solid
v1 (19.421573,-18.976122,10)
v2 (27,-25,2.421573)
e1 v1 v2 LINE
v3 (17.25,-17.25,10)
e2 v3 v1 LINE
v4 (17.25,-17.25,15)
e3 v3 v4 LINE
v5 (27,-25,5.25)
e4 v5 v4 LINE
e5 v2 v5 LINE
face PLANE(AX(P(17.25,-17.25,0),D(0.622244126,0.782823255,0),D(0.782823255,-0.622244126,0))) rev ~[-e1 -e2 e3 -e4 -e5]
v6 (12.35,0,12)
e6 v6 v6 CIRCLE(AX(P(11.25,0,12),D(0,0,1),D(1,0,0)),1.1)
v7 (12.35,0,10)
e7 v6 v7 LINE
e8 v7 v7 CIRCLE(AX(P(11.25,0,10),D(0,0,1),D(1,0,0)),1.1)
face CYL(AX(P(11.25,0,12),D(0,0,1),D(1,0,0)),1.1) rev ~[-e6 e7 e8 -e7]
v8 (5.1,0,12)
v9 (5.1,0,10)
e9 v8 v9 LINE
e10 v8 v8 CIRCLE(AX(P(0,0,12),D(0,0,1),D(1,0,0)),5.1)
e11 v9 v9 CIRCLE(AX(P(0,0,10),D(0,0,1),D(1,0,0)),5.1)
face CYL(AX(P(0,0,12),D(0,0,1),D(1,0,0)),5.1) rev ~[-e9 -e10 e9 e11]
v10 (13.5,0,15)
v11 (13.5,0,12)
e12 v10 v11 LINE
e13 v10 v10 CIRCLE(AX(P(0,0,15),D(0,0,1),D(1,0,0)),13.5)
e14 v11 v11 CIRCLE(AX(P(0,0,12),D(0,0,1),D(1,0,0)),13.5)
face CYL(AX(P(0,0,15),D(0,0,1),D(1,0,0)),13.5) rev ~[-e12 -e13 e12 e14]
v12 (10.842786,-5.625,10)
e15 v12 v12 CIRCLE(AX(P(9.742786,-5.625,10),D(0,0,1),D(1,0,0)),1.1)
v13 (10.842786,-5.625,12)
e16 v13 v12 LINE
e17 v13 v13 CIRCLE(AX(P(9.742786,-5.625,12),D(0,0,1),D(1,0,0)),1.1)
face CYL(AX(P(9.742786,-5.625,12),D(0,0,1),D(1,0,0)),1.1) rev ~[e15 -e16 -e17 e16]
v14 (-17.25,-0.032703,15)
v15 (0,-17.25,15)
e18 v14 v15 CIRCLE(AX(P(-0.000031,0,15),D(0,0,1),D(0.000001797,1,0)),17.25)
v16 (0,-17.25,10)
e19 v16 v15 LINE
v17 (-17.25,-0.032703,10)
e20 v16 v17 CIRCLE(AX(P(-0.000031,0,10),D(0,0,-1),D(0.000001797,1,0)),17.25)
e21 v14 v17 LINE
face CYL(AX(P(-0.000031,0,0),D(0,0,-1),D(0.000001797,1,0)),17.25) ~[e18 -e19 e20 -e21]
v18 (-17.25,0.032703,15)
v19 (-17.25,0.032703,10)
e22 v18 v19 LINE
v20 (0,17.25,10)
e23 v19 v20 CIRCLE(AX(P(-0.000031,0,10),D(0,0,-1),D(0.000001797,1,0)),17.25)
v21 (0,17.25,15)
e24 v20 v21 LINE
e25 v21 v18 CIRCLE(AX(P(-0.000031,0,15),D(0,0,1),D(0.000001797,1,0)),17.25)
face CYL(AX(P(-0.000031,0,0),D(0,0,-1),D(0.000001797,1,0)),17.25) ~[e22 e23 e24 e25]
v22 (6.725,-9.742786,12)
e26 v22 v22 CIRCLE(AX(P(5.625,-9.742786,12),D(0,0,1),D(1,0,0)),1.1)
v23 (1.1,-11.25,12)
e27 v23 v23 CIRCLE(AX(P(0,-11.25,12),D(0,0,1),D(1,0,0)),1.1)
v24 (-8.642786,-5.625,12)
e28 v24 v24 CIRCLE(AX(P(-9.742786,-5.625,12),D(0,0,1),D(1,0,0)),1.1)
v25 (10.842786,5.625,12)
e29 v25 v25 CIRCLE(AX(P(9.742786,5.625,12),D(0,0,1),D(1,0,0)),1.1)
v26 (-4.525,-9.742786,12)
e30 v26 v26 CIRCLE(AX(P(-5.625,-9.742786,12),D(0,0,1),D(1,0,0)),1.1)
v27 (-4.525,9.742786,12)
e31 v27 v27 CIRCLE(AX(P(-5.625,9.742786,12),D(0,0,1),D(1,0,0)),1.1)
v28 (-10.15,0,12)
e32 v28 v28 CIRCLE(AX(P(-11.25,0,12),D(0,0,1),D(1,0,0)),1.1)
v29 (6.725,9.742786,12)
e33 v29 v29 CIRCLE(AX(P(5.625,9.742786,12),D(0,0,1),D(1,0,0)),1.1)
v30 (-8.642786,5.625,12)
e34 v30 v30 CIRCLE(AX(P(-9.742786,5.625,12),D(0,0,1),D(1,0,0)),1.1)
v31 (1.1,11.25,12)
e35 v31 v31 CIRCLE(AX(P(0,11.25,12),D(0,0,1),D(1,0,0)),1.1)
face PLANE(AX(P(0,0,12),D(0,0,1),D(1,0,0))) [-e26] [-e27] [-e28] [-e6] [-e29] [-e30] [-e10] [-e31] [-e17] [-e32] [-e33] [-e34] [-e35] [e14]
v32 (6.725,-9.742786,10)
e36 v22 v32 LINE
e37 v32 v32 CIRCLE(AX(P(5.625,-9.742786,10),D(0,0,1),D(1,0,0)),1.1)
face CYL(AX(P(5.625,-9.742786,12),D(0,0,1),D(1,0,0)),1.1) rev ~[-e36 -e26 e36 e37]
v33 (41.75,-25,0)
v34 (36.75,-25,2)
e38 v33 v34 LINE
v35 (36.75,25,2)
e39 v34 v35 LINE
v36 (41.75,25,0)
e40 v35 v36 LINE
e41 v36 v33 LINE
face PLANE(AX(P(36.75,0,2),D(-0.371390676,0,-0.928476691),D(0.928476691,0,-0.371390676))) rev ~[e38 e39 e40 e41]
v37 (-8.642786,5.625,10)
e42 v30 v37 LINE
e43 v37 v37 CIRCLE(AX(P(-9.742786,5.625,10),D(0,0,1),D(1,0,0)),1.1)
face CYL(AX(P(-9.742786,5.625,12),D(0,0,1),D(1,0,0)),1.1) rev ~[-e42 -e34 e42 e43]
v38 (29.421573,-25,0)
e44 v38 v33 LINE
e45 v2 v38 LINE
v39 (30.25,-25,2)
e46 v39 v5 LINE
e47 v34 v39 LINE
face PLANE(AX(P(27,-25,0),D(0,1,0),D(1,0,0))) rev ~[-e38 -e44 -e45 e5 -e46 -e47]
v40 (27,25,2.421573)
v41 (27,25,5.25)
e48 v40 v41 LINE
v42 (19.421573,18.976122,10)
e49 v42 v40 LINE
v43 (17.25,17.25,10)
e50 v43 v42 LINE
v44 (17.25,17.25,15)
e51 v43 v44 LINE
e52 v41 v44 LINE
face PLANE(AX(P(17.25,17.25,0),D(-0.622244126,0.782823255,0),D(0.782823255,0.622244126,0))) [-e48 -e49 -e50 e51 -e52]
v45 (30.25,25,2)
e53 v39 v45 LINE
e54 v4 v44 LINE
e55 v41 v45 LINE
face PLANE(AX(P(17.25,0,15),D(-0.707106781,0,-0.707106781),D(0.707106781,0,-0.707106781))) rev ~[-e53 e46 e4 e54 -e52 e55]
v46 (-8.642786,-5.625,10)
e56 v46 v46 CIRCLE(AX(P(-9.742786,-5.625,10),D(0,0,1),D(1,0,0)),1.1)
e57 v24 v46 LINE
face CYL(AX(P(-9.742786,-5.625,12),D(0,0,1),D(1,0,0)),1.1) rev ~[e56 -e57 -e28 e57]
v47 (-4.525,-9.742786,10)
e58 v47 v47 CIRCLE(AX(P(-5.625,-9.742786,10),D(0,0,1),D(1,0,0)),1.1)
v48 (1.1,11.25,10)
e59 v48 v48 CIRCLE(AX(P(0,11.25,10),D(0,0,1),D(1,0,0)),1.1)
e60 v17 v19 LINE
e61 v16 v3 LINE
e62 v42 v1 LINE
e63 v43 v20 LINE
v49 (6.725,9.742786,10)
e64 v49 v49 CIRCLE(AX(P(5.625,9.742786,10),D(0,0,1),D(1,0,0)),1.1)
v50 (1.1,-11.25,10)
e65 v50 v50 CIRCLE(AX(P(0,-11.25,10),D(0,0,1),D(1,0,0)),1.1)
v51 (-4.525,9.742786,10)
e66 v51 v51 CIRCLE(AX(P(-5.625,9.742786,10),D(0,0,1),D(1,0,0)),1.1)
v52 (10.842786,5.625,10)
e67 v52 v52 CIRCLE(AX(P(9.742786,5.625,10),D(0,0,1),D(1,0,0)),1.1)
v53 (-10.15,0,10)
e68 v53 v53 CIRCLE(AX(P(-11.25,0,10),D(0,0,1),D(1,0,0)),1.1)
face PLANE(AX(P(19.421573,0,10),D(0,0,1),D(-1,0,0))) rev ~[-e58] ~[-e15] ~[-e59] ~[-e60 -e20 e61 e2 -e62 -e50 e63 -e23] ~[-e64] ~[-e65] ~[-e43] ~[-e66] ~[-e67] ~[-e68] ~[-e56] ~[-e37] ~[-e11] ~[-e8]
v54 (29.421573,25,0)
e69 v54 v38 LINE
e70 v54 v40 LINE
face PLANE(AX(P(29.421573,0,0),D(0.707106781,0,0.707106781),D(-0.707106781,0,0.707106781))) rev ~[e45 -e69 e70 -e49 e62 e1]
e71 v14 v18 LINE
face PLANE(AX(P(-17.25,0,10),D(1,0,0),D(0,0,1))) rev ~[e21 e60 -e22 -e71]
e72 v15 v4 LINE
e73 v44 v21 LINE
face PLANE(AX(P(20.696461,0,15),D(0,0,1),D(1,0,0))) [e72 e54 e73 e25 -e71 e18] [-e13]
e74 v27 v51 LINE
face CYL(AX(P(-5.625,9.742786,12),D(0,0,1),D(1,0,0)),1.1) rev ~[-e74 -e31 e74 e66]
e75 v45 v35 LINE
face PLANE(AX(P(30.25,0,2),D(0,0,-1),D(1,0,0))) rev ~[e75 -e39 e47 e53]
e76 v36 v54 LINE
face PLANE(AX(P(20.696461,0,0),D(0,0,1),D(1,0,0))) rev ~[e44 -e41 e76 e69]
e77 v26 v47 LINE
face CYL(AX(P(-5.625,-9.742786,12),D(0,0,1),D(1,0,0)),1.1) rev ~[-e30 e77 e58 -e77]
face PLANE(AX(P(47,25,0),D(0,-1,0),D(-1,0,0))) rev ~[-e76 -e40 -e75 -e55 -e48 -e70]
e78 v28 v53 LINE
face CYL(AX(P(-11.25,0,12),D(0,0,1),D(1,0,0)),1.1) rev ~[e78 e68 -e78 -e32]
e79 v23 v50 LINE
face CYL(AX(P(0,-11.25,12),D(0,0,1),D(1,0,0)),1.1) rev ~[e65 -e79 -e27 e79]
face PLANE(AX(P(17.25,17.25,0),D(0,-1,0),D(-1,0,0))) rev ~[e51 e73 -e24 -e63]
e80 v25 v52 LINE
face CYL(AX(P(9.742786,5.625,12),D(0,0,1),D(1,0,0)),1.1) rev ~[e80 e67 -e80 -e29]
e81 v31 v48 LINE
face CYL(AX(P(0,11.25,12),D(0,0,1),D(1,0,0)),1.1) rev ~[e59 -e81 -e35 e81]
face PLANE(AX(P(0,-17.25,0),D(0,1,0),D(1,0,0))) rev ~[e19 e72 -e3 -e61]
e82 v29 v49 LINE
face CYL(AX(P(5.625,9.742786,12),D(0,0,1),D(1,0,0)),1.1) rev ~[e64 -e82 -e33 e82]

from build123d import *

# Parameters (mm, degrees)
PAD001_DEPTH    = 30
PAD_DEPTH       = 15
SKETCH001_R     = 13.5
POCKET_DEPTH    = 3
SKETCH003_R     = 5.1
SKETCH003_R_2   = 1.1
POCKET001_DEPTH = 5


with BuildPart() as profile_pad:
    # Sketch002 → Pad001 (new body, symmetric)
    with BuildSketch(Plane.XZ):
        Polygon((19.421573, 10), (-17.25, 10), (-17.25, 15), (17.25, 15), (30.25, 2), (36.75, 2), (41.75, 0), (29.421573, 0), align=None)
    extrude(amount=PAD001_DEPTH, both=True)


with BuildPart() as holes:
    # Sketch → Pad (new body)
    with BuildSketch(Plane.XY):
        with BuildLine():
            ThreePointArc((0, 17.25), (-17.250031, 0), (0, -17.25))
            Line((0, -17.25), (17.25, -17.25))
            Line((17.25, -17.25), (27, -25))
            Line((27, -25), (47, -25))
            Line((47, -25), (47, 25))
            Line((47, 25), (27, 25))
            Line((17.25, 17.25), (27, 25))
            Line((17.25, 17.25), (0, 17.25))
        make_face()
    extrude(amount=PAD_DEPTH)

    # Common: intersect Profile Pad
    add(profile_pad.part, mode=Mode.INTERSECT)

    # Sketch001 → Pocket (cut)
    with BuildSketch(Plane.XY.offset(15)):
        Circle(SKETCH001_R)
    extrude(amount=-POCKET_DEPTH, mode=Mode.SUBTRACT)

    # Sketch003 → Pocket001 (cut)
    with BuildSketch(Plane.XY.offset(12)):
        Circle(SKETCH003_R)
        with Locations((-11.25, 0)):
            Circle(SKETCH003_R_2)
        with Locations((0, 11.25)):
            Circle(SKETCH003_R_2)
        with Locations((11.25, 0)):
            Circle(SKETCH003_R_2)
        with Locations((0, -11.25)):
            Circle(SKETCH003_R_2)
        with Locations((-5.625, 9.742786)):
            Circle(SKETCH003_R_2)
        with Locations((-9.742786, 5.625)):
            Circle(SKETCH003_R_2)
        with Locations((-9.742786, -5.625)):
            Circle(SKETCH003_R_2)
        with Locations((-5.625, -9.742786)):
            Circle(SKETCH003_R_2)
        with Locations((5.625, -9.742786)):
            Circle(SKETCH003_R_2)
        with Locations((9.742786, -5.625)):
            Circle(SKETCH003_R_2)
        with Locations((5.625, 9.742786)):
            Circle(SKETCH003_R_2)
        with Locations((9.742786, 5.625)):
            Circle(SKETCH003_R_2)
    extrude(amount=-POCKET001_DEPTH, mode=Mode.SUBTRACT)


solid = holes.part
